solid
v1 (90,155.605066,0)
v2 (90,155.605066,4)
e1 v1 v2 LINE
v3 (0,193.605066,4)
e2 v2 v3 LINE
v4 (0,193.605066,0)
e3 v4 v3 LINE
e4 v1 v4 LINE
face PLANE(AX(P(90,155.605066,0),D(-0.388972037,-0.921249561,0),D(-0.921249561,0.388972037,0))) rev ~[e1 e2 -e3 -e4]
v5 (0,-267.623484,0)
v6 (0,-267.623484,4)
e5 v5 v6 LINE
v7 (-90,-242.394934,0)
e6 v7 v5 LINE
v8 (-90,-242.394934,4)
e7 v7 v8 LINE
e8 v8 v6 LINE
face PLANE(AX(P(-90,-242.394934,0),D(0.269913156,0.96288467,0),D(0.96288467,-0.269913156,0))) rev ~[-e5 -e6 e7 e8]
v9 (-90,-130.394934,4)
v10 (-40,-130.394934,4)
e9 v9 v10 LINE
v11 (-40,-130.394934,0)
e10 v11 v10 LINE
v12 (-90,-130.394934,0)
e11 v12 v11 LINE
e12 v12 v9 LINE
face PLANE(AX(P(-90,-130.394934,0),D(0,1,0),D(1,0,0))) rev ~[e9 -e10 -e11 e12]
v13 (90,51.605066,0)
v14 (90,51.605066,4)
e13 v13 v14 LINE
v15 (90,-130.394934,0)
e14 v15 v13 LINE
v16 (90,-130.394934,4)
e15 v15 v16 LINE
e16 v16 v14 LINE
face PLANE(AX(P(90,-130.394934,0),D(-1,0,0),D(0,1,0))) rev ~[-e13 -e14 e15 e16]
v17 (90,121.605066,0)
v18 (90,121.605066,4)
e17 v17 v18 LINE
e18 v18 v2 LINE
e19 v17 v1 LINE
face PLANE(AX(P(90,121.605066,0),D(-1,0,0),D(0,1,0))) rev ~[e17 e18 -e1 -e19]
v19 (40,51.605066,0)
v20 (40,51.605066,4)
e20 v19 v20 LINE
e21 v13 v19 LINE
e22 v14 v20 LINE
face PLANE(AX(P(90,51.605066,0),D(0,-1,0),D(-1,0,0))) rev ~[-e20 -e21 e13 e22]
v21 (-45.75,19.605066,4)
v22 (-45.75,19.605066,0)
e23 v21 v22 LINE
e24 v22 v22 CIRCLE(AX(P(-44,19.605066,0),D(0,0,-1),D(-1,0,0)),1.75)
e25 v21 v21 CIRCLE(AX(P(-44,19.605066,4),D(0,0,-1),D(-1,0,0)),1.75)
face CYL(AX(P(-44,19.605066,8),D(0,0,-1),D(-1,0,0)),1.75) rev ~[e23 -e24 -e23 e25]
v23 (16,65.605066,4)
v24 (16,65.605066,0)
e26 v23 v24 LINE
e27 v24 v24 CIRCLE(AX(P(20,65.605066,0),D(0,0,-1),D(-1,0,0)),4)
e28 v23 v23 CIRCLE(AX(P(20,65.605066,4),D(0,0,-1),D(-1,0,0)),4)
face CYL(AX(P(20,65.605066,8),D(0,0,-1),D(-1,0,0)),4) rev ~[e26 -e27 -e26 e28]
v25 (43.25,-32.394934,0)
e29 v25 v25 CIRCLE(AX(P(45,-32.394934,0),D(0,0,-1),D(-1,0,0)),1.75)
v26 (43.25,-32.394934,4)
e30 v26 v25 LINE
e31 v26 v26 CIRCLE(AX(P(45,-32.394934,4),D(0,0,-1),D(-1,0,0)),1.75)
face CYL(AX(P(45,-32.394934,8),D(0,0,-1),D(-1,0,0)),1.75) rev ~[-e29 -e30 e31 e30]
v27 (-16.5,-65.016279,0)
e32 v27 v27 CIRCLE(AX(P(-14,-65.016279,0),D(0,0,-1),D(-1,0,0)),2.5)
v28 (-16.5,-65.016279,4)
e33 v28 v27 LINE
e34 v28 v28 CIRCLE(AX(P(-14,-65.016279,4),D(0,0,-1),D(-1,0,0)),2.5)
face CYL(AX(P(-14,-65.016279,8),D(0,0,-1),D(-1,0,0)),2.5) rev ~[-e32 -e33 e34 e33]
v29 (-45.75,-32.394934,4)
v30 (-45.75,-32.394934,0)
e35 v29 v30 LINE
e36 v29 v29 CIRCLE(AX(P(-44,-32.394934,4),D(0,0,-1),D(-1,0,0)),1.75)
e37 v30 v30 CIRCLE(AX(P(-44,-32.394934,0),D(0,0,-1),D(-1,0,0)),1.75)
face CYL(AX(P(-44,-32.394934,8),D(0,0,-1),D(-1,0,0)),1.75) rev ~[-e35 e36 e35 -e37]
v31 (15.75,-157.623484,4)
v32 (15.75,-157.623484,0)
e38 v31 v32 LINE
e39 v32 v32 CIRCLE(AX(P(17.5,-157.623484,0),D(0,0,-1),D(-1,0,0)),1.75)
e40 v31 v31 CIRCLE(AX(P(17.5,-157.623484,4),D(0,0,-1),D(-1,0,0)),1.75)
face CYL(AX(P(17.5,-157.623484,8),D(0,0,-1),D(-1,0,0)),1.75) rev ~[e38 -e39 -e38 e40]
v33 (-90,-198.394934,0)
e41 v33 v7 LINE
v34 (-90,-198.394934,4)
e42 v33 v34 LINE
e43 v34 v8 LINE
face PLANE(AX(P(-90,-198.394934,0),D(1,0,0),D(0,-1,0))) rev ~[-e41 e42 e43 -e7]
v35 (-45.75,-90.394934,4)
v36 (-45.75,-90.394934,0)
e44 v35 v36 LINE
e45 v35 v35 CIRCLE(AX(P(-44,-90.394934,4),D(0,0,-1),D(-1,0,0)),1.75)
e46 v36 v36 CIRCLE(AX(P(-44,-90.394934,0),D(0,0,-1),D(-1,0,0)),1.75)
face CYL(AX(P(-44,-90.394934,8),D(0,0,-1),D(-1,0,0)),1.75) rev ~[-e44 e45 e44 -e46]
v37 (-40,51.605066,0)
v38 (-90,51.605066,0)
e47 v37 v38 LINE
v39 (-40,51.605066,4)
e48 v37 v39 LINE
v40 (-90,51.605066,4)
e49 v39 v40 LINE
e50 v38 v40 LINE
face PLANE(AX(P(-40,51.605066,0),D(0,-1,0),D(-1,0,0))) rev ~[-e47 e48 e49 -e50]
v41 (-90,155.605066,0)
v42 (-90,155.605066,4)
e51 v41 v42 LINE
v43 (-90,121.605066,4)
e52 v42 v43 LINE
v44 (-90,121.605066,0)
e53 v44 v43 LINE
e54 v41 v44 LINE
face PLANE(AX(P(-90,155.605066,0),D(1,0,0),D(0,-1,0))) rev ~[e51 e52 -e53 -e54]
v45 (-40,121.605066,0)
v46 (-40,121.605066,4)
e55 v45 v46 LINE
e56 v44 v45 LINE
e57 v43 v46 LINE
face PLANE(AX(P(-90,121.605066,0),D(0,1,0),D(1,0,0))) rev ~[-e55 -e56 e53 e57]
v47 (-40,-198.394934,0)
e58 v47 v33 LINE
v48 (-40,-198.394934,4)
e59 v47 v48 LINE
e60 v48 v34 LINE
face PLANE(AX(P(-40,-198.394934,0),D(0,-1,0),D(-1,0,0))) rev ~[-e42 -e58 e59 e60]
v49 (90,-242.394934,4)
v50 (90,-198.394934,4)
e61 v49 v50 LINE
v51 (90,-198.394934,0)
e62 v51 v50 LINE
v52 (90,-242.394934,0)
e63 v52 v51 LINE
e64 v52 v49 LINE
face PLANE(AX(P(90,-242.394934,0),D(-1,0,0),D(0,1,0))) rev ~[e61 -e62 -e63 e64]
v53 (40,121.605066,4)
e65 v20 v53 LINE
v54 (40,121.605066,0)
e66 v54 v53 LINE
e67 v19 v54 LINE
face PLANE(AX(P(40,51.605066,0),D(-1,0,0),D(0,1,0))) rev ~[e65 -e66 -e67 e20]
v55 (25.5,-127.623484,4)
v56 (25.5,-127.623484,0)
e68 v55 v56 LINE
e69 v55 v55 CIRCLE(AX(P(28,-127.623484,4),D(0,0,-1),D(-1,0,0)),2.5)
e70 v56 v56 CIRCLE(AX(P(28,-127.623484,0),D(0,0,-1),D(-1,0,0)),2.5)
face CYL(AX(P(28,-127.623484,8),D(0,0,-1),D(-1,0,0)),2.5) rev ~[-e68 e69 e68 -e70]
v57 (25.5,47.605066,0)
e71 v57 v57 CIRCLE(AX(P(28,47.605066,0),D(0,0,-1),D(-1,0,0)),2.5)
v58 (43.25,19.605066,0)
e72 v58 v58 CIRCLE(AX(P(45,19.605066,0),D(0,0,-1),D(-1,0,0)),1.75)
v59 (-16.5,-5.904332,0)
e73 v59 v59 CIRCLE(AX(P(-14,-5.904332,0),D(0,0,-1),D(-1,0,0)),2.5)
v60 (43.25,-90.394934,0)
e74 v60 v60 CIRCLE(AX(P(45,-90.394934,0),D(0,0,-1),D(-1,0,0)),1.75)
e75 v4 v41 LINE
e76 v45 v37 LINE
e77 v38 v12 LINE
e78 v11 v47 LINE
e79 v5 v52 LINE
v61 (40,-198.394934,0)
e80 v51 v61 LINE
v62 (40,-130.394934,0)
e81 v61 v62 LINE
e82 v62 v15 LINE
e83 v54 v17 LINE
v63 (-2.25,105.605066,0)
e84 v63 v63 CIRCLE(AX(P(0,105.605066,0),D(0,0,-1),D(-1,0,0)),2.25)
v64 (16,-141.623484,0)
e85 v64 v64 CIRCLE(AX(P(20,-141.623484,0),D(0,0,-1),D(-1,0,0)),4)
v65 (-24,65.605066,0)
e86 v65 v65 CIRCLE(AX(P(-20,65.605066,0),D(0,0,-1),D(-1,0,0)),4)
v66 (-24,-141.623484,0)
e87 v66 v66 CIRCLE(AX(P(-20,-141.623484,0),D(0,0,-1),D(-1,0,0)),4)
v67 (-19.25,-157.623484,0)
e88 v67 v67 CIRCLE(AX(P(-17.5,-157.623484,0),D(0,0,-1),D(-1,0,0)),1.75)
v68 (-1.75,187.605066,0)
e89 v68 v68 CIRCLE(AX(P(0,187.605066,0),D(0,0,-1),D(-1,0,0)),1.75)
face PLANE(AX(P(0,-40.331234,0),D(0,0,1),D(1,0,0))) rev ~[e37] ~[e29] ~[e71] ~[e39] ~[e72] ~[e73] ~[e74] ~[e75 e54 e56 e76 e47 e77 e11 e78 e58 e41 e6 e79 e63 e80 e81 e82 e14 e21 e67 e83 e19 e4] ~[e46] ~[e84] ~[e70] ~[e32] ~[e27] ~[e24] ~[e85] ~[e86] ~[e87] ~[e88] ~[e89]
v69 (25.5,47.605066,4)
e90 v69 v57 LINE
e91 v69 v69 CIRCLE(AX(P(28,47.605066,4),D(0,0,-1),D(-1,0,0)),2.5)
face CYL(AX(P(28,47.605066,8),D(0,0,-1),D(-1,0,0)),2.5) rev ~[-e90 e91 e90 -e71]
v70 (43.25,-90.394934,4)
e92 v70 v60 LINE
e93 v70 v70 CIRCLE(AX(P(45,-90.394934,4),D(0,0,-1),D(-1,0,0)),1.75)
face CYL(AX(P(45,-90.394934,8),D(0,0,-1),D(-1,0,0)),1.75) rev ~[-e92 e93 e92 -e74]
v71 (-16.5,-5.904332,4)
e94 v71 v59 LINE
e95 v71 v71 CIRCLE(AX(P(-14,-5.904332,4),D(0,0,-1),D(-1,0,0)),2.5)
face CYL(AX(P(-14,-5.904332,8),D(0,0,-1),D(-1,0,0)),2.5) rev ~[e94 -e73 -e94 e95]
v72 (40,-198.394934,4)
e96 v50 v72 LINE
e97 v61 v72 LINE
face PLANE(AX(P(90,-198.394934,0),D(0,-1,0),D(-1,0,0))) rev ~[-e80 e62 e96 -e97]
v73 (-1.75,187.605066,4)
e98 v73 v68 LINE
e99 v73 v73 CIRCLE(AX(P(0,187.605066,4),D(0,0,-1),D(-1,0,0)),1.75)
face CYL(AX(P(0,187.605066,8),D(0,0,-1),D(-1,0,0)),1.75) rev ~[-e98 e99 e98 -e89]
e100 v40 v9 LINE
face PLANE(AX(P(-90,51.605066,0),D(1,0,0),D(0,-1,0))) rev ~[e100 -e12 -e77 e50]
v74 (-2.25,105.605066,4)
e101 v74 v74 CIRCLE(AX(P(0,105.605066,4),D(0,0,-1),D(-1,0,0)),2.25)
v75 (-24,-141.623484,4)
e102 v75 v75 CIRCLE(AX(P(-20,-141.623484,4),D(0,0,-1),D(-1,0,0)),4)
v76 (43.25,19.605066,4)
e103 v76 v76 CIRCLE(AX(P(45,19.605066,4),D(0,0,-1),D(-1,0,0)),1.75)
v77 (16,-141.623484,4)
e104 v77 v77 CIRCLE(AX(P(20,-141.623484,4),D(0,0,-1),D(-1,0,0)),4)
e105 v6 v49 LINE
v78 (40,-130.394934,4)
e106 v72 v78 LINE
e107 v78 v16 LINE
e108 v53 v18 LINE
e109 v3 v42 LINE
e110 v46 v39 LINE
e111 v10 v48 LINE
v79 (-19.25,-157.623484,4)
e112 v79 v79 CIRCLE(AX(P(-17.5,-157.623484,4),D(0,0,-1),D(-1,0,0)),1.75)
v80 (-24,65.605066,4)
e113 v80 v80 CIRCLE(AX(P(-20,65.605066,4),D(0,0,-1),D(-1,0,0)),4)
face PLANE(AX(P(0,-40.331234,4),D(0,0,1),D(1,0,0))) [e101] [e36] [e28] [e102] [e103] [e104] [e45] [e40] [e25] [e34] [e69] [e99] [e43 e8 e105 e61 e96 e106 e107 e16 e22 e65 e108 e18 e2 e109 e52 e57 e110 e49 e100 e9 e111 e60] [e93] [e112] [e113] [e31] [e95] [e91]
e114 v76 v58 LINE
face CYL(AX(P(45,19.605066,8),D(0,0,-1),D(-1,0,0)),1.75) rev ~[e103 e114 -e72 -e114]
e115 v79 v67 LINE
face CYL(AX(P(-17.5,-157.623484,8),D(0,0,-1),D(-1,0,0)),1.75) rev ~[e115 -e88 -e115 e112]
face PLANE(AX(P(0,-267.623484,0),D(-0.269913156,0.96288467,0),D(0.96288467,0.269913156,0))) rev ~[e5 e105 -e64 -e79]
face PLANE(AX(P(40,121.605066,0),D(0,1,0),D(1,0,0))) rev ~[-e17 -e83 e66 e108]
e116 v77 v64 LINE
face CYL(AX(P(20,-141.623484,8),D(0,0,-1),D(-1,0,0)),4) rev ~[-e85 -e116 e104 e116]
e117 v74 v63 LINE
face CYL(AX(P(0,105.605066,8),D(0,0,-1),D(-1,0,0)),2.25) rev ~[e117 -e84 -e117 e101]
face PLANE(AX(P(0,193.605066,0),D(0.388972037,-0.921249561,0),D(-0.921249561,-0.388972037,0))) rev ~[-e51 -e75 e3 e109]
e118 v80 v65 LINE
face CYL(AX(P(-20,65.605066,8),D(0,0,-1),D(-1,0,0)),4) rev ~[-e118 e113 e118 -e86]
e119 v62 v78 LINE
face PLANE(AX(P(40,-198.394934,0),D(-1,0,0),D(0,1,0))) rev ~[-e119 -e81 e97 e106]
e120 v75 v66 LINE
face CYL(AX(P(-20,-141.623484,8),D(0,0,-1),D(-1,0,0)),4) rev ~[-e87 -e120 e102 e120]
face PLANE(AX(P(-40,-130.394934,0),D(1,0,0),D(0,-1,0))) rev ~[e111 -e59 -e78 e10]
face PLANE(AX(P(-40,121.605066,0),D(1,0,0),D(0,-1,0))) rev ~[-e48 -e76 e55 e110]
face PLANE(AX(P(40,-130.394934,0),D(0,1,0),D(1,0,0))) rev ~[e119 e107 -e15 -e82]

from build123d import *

# Parameters (mm, degrees)
F1_DEPTH  = 4
F3_D      = 3.5
F3_DEPTH  = 4
F5_D      = 4.5
F5_DEPTH  = 4
F7_D      = 8
F7_DEPTH  = 4
F9_D      = 8
F9_DEPTH  = 4
F11_D     = 5
F11_DEPTH = 4
F13_D     = 3.5
F13_DEPTH = 4
F15_D     = 3.5
F15_DEPTH = 4
F17_D     = 3.5
F17_DEPTH = 4
F19_D     = 3.5
F19_DEPTH = 4
F21_D     = 3.5
F21_DEPTH = 4
F23_D     = 3.5
F23_DEPTH = 4
F25_D     = 5
F25_DEPTH = 4
F27_D     = 5
F27_DEPTH = 4
F29_D     = 5
F29_DEPTH = 4
F31_D     = 8
F31_DEPTH = 4
F33_D     = 8
F33_DEPTH = 4
F35_D     = 3.5
F35_DEPTH = 4
F37_D     = 3.5
F37_DEPTH = 4


with BuildPart() as f1:
    # F0 (on Top) → F1 (new body)
    with BuildSketch(Plane.XY):
        Polygon((-90, 51.605066), (-90, -39.394934), (-90, -130.394934), (-40, -130.394934), (-40, -198.394934), (-90, -198.394934), (-90, -242.394934), (0, -267.623484), (90, -242.394934), (90, -198.394934), (40, -198.394934), (40, -130.394934), (90, -130.394934), (90, -39.394934), (90, 51.605066), (40, 51.605066), (40, 121.605066), (90, 121.605066), (90, 155.605066), (0, 193.605066), (-90, 155.605066), (-90, 121.605066), (-40, 121.605066), (-40, 51.605066), align=None)
    extrude(amount=F1_DEPTH)

    # F3
    with Locations(Plane.XY.offset(4)):
        with Locations((0, 187.605066)):
            Hole(F3_D / 2, depth=F3_DEPTH)

    # F5
    with Locations(Plane.XY.offset(4)):
        with Locations((0, 105.605066)):
            Hole(F5_D / 2, depth=F5_DEPTH)

    # F7
    with Locations(Plane.XY.offset(4)):
        with Locations((-20, 65.605066)):
            Hole(F7_D / 2, depth=F7_DEPTH)

    # F9
    with Locations(Plane.XY.offset(4)):
        with Locations((20, 65.605066)):
            Hole(F9_D / 2, depth=F9_DEPTH)

    # F11
    with Locations(Plane.XY.offset(4)):
        with Locations((28, 47.605066)):
            Hole(F11_D / 2, depth=F11_DEPTH)

    # F13
    with Locations(Plane.XY.offset(4)):
        with Locations((45, 19.605066)):
            Hole(F13_D / 2, depth=F13_DEPTH)

    # F15
    with Locations(Plane.XY.offset(4)):
        with Locations((45, -32.394934)):
            Hole(F15_D / 2, depth=F15_DEPTH)

    # F17
    with Locations(Plane.XY.offset(4)):
        with Locations((45, -90.394934)):
            Hole(F17_D / 2, depth=F17_DEPTH)

    # F19
    with Locations(Plane.XY.offset(4)):
        with Locations((-44, 19.605066)):
            Hole(F19_D / 2, depth=F19_DEPTH)

    # F21
    with Locations(Plane.XY.offset(4)):
        with Locations((-44, -32.394934)):
            Hole(F21_D / 2, depth=F21_DEPTH)

    # F23
    with Locations(Plane.XY.offset(4)):
        with Locations((-44, -90.394934)):
            Hole(F23_D / 2, depth=F23_DEPTH)

    # F25
    with Locations(Plane.XY.offset(4)):
        with Locations((-14, -5.904332)):
            Hole(F25_D / 2, depth=F25_DEPTH)

    # F27
    with Locations(Plane.XY.offset(4)):
        with Locations((-14, -65.016279)):
            Hole(F27_D / 2, depth=F27_DEPTH)

    # F29
    with Locations(Plane.XY.offset(4)):
        with Locations((28, -127.623484)):
            Hole(F29_D / 2, depth=F29_DEPTH)

    # F31
    with Locations(Plane.XY.offset(4)):
        with Locations((20, -141.623484)):
            Hole(F31_D / 2, depth=F31_DEPTH)

    # F33
    with Locations(Plane.XY.offset(4)):
        with Locations((-20, -141.623484)):
            Hole(F33_D / 2, depth=F33_DEPTH)

    # F35
    with Locations(Plane.XY.offset(4)):
        with Locations((-17.5, -157.623484)):
            Hole(F35_D / 2, depth=F35_DEPTH)

    # F37
    with Locations(Plane.XY.offset(4)):
        with Locations((17.5, -157.623484)):
            Hole(F37_D / 2, depth=F37_DEPTH)


solid = f1.part
